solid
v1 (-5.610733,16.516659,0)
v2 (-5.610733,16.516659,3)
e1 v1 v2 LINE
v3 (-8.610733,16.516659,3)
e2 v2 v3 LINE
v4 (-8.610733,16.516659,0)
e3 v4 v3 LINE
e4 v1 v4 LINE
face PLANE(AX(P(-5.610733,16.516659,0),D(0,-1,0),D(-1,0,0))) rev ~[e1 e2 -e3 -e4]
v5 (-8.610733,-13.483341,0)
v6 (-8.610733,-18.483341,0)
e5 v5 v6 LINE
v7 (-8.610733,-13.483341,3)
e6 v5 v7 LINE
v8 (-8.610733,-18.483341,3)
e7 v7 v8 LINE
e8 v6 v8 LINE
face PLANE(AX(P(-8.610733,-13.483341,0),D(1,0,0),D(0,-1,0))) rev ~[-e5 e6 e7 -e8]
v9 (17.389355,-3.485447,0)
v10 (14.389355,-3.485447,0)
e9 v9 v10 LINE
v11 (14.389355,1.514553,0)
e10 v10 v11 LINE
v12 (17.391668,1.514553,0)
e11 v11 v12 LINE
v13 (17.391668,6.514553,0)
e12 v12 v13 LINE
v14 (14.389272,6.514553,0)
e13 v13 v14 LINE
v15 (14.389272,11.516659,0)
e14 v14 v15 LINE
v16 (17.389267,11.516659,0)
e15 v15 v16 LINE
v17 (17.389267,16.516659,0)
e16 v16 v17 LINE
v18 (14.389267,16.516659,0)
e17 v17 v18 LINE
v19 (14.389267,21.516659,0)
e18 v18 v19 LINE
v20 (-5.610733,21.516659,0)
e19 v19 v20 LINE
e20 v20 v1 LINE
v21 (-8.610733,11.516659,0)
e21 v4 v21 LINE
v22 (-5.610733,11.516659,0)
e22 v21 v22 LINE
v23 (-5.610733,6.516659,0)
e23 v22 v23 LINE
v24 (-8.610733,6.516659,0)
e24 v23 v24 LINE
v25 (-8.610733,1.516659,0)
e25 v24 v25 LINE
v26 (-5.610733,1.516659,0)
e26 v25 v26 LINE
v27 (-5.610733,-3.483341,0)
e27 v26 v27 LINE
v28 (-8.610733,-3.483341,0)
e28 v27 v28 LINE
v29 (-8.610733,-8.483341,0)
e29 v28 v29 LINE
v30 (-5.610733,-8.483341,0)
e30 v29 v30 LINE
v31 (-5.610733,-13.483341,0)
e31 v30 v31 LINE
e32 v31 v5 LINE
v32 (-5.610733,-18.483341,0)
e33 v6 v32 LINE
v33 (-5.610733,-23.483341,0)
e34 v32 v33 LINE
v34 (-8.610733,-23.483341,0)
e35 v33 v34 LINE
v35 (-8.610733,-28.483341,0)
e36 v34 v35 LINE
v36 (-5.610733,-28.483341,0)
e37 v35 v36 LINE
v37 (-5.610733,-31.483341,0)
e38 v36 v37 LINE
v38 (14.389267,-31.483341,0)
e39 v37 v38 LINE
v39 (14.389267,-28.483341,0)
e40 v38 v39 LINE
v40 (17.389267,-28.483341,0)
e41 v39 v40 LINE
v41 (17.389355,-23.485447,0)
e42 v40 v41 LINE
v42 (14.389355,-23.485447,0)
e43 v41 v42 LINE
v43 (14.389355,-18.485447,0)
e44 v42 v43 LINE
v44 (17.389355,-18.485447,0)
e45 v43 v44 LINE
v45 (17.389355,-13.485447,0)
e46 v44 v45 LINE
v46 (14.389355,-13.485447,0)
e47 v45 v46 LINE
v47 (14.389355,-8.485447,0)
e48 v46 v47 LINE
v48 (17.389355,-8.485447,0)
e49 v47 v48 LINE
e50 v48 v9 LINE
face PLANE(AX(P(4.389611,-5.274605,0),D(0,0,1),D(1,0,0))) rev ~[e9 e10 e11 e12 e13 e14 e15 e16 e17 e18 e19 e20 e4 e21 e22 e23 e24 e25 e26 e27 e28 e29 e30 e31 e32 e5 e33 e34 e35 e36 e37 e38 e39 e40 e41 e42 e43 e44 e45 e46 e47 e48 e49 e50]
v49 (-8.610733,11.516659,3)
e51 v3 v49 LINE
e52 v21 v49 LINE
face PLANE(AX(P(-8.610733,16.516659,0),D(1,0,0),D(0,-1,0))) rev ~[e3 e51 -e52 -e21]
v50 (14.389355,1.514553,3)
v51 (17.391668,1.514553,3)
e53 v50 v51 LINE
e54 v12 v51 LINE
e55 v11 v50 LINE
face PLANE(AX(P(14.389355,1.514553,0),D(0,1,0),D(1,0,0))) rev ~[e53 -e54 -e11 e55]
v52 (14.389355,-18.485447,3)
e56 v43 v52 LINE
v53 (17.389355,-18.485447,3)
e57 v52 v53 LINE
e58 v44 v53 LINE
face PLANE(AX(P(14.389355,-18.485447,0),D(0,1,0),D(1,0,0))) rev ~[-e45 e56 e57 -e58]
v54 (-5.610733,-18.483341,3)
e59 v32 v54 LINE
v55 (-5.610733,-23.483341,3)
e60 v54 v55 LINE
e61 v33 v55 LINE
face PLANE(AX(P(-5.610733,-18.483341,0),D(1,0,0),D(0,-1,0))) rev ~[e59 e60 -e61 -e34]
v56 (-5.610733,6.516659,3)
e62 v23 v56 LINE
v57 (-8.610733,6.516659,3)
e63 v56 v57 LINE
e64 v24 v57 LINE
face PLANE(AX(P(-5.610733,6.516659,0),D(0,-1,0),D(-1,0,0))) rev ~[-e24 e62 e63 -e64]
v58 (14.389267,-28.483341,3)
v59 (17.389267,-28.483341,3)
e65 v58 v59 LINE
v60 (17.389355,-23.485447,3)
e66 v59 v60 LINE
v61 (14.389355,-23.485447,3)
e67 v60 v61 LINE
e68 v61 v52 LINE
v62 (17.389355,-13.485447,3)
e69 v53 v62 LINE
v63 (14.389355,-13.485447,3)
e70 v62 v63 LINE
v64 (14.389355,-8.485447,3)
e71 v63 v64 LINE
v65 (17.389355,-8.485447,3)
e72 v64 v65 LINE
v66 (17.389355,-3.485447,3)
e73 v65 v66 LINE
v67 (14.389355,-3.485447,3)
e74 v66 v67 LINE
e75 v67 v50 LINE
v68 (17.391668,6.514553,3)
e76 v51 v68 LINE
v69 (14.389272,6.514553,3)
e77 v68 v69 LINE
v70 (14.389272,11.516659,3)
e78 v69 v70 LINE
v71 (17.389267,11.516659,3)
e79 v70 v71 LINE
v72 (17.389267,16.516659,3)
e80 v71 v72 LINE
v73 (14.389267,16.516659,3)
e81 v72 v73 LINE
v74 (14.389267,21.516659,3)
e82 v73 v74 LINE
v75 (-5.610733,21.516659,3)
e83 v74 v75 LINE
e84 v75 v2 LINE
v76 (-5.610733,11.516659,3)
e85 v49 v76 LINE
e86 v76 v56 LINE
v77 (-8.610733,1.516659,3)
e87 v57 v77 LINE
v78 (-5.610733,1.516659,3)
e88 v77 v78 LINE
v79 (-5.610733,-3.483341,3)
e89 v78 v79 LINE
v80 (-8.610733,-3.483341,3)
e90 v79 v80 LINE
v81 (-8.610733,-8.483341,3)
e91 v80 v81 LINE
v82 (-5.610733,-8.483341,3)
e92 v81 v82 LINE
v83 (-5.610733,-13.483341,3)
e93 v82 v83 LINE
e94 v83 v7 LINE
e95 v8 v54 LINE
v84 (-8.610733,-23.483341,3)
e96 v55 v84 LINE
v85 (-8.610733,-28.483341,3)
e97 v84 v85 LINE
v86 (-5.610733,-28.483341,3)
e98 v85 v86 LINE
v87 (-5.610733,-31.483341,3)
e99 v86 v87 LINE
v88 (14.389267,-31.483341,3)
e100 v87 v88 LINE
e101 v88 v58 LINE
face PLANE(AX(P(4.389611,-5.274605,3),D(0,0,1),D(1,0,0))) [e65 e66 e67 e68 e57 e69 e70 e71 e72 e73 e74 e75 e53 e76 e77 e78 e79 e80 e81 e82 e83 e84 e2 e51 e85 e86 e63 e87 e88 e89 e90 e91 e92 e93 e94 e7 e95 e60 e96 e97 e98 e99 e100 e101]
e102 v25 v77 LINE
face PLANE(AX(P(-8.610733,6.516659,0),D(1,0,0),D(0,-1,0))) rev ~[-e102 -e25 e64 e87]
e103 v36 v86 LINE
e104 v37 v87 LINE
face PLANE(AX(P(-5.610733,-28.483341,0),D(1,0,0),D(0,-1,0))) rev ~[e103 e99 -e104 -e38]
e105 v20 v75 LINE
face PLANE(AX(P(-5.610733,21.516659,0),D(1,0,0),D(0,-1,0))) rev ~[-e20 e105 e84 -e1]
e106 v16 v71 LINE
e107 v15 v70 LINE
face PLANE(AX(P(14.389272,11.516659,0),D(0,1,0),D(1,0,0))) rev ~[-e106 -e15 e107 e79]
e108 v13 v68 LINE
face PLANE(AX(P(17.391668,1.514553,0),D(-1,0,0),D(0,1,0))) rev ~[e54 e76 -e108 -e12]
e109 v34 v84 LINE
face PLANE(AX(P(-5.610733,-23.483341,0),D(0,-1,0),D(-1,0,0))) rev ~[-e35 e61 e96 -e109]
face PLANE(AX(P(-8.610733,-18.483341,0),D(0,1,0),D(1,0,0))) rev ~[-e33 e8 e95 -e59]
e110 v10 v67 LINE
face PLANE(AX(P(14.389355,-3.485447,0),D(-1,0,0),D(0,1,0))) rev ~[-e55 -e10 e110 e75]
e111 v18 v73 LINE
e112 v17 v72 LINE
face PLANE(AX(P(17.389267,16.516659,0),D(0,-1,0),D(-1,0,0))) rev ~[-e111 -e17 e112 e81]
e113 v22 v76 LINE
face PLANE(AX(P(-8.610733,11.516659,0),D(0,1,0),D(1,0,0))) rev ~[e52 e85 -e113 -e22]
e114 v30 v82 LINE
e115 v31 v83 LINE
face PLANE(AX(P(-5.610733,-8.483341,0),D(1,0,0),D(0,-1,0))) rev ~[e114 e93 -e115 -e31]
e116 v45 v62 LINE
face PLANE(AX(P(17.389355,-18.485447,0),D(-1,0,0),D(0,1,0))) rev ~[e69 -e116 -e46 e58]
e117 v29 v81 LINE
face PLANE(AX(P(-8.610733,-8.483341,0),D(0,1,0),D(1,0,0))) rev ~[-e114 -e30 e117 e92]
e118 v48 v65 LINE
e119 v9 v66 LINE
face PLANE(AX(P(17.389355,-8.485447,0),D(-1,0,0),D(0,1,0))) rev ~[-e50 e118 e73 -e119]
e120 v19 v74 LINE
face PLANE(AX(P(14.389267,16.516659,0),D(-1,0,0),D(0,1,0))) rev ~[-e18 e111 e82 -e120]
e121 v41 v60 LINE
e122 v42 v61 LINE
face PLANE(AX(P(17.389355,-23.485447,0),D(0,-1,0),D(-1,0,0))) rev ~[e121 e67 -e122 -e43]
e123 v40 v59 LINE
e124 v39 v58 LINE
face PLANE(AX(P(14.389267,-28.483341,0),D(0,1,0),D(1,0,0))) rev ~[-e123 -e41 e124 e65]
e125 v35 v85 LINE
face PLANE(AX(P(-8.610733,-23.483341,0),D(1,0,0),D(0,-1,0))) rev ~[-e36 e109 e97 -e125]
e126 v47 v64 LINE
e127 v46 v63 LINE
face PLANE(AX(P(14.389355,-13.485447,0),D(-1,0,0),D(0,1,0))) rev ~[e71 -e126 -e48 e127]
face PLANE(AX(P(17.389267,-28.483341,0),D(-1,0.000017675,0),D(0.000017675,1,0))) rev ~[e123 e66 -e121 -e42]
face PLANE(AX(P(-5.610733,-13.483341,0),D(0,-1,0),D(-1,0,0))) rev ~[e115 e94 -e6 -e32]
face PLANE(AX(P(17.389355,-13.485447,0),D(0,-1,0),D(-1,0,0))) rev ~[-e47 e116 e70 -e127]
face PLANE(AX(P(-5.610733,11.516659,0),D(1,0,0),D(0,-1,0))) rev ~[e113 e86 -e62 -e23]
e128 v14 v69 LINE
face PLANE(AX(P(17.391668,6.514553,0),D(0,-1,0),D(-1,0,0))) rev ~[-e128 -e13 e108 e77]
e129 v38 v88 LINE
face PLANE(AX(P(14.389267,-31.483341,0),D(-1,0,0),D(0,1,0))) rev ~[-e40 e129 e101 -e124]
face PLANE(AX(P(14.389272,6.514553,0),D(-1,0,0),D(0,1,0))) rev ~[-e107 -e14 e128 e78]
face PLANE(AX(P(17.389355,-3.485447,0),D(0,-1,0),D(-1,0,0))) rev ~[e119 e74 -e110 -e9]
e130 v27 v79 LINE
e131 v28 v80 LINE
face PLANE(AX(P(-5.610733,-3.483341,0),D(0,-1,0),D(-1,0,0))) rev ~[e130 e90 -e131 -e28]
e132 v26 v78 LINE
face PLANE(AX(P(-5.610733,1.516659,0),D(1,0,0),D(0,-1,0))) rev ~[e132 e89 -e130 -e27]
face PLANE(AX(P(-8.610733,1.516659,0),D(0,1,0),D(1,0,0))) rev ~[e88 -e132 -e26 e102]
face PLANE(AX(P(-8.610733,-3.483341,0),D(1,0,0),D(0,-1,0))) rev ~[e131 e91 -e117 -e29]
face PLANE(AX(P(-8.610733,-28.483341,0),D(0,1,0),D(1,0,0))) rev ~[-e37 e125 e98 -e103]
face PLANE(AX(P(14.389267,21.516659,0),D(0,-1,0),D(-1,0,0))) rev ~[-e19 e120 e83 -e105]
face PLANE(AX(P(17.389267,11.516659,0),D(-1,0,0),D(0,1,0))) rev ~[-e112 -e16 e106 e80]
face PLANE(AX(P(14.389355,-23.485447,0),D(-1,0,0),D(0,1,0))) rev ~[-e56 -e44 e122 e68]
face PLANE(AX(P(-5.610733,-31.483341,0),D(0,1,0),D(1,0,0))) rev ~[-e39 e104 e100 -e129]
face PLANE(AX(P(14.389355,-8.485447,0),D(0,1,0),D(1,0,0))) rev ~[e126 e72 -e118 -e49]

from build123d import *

# Parameters (mm, degrees)
RESSALTO_EXTRUS_O2_DEPTH = 3


with BuildPart() as part:
    # Esboço2 → Ressalto-extrusão2 (new body)
    with BuildSketch(Plane.XY):
        Polygon((-5.610733146, 21.516658845), (-5.610733146, 16.516658845), (-8.610733146, 16.516658845), (-8.610733146, 11.516658845), (-5.610733146, 11.516658845), (-5.610733146, 6.516658845), (-8.610733146, 6.516658845), (-8.610733146, 1.516658845), (-5.610733146, 1.516658845), (-5.610733146, -3.483341155), (-8.610733146, -3.483341155), (-8.610733146, -8.483341155), (-5.610733146, -8.483341155), (-5.610733146, -13.483341155), (-8.610733146, -13.483341155), (-8.610733146, -18.483341155), (-5.610733146, -18.483341155), (-5.610733146, -23.483341155), (-8.610733146, -23.483341155), (-8.610733146, -28.483341155), (-5.610733146, -28.483341155), (-5.610733146, -31.483341155), (14.389266854, -31.483341155), (14.389266854, -28.483341155), (17.389266854, -28.483341155), (17.38935519, -23.485447225), (14.38935519, -23.485447225), (14.38935519, -18.485447225), (17.38935519, -18.485447225), (17.38935519, -13.485447225), (14.38935519, -13.485447225), (14.38935519, -8.485447225), (17.38935519, -8.485447225), (17.38935519, -3.485447225), (14.38935519, -3.485447225), (14.38935519, 1.514552775), (17.391668394, 1.514552775), (17.391668394, 6.514552775), (14.389271599, 6.514552775), (14.389271599, 11.516658845), (17.389266854, 11.516658845), (17.389266854, 16.516658845), (14.389266854, 16.516658845), (14.389266854, 21.516658845), align=None)
    extrude(amount=RESSALTO_EXTRUS_O2_DEPTH)


solid = part.part
